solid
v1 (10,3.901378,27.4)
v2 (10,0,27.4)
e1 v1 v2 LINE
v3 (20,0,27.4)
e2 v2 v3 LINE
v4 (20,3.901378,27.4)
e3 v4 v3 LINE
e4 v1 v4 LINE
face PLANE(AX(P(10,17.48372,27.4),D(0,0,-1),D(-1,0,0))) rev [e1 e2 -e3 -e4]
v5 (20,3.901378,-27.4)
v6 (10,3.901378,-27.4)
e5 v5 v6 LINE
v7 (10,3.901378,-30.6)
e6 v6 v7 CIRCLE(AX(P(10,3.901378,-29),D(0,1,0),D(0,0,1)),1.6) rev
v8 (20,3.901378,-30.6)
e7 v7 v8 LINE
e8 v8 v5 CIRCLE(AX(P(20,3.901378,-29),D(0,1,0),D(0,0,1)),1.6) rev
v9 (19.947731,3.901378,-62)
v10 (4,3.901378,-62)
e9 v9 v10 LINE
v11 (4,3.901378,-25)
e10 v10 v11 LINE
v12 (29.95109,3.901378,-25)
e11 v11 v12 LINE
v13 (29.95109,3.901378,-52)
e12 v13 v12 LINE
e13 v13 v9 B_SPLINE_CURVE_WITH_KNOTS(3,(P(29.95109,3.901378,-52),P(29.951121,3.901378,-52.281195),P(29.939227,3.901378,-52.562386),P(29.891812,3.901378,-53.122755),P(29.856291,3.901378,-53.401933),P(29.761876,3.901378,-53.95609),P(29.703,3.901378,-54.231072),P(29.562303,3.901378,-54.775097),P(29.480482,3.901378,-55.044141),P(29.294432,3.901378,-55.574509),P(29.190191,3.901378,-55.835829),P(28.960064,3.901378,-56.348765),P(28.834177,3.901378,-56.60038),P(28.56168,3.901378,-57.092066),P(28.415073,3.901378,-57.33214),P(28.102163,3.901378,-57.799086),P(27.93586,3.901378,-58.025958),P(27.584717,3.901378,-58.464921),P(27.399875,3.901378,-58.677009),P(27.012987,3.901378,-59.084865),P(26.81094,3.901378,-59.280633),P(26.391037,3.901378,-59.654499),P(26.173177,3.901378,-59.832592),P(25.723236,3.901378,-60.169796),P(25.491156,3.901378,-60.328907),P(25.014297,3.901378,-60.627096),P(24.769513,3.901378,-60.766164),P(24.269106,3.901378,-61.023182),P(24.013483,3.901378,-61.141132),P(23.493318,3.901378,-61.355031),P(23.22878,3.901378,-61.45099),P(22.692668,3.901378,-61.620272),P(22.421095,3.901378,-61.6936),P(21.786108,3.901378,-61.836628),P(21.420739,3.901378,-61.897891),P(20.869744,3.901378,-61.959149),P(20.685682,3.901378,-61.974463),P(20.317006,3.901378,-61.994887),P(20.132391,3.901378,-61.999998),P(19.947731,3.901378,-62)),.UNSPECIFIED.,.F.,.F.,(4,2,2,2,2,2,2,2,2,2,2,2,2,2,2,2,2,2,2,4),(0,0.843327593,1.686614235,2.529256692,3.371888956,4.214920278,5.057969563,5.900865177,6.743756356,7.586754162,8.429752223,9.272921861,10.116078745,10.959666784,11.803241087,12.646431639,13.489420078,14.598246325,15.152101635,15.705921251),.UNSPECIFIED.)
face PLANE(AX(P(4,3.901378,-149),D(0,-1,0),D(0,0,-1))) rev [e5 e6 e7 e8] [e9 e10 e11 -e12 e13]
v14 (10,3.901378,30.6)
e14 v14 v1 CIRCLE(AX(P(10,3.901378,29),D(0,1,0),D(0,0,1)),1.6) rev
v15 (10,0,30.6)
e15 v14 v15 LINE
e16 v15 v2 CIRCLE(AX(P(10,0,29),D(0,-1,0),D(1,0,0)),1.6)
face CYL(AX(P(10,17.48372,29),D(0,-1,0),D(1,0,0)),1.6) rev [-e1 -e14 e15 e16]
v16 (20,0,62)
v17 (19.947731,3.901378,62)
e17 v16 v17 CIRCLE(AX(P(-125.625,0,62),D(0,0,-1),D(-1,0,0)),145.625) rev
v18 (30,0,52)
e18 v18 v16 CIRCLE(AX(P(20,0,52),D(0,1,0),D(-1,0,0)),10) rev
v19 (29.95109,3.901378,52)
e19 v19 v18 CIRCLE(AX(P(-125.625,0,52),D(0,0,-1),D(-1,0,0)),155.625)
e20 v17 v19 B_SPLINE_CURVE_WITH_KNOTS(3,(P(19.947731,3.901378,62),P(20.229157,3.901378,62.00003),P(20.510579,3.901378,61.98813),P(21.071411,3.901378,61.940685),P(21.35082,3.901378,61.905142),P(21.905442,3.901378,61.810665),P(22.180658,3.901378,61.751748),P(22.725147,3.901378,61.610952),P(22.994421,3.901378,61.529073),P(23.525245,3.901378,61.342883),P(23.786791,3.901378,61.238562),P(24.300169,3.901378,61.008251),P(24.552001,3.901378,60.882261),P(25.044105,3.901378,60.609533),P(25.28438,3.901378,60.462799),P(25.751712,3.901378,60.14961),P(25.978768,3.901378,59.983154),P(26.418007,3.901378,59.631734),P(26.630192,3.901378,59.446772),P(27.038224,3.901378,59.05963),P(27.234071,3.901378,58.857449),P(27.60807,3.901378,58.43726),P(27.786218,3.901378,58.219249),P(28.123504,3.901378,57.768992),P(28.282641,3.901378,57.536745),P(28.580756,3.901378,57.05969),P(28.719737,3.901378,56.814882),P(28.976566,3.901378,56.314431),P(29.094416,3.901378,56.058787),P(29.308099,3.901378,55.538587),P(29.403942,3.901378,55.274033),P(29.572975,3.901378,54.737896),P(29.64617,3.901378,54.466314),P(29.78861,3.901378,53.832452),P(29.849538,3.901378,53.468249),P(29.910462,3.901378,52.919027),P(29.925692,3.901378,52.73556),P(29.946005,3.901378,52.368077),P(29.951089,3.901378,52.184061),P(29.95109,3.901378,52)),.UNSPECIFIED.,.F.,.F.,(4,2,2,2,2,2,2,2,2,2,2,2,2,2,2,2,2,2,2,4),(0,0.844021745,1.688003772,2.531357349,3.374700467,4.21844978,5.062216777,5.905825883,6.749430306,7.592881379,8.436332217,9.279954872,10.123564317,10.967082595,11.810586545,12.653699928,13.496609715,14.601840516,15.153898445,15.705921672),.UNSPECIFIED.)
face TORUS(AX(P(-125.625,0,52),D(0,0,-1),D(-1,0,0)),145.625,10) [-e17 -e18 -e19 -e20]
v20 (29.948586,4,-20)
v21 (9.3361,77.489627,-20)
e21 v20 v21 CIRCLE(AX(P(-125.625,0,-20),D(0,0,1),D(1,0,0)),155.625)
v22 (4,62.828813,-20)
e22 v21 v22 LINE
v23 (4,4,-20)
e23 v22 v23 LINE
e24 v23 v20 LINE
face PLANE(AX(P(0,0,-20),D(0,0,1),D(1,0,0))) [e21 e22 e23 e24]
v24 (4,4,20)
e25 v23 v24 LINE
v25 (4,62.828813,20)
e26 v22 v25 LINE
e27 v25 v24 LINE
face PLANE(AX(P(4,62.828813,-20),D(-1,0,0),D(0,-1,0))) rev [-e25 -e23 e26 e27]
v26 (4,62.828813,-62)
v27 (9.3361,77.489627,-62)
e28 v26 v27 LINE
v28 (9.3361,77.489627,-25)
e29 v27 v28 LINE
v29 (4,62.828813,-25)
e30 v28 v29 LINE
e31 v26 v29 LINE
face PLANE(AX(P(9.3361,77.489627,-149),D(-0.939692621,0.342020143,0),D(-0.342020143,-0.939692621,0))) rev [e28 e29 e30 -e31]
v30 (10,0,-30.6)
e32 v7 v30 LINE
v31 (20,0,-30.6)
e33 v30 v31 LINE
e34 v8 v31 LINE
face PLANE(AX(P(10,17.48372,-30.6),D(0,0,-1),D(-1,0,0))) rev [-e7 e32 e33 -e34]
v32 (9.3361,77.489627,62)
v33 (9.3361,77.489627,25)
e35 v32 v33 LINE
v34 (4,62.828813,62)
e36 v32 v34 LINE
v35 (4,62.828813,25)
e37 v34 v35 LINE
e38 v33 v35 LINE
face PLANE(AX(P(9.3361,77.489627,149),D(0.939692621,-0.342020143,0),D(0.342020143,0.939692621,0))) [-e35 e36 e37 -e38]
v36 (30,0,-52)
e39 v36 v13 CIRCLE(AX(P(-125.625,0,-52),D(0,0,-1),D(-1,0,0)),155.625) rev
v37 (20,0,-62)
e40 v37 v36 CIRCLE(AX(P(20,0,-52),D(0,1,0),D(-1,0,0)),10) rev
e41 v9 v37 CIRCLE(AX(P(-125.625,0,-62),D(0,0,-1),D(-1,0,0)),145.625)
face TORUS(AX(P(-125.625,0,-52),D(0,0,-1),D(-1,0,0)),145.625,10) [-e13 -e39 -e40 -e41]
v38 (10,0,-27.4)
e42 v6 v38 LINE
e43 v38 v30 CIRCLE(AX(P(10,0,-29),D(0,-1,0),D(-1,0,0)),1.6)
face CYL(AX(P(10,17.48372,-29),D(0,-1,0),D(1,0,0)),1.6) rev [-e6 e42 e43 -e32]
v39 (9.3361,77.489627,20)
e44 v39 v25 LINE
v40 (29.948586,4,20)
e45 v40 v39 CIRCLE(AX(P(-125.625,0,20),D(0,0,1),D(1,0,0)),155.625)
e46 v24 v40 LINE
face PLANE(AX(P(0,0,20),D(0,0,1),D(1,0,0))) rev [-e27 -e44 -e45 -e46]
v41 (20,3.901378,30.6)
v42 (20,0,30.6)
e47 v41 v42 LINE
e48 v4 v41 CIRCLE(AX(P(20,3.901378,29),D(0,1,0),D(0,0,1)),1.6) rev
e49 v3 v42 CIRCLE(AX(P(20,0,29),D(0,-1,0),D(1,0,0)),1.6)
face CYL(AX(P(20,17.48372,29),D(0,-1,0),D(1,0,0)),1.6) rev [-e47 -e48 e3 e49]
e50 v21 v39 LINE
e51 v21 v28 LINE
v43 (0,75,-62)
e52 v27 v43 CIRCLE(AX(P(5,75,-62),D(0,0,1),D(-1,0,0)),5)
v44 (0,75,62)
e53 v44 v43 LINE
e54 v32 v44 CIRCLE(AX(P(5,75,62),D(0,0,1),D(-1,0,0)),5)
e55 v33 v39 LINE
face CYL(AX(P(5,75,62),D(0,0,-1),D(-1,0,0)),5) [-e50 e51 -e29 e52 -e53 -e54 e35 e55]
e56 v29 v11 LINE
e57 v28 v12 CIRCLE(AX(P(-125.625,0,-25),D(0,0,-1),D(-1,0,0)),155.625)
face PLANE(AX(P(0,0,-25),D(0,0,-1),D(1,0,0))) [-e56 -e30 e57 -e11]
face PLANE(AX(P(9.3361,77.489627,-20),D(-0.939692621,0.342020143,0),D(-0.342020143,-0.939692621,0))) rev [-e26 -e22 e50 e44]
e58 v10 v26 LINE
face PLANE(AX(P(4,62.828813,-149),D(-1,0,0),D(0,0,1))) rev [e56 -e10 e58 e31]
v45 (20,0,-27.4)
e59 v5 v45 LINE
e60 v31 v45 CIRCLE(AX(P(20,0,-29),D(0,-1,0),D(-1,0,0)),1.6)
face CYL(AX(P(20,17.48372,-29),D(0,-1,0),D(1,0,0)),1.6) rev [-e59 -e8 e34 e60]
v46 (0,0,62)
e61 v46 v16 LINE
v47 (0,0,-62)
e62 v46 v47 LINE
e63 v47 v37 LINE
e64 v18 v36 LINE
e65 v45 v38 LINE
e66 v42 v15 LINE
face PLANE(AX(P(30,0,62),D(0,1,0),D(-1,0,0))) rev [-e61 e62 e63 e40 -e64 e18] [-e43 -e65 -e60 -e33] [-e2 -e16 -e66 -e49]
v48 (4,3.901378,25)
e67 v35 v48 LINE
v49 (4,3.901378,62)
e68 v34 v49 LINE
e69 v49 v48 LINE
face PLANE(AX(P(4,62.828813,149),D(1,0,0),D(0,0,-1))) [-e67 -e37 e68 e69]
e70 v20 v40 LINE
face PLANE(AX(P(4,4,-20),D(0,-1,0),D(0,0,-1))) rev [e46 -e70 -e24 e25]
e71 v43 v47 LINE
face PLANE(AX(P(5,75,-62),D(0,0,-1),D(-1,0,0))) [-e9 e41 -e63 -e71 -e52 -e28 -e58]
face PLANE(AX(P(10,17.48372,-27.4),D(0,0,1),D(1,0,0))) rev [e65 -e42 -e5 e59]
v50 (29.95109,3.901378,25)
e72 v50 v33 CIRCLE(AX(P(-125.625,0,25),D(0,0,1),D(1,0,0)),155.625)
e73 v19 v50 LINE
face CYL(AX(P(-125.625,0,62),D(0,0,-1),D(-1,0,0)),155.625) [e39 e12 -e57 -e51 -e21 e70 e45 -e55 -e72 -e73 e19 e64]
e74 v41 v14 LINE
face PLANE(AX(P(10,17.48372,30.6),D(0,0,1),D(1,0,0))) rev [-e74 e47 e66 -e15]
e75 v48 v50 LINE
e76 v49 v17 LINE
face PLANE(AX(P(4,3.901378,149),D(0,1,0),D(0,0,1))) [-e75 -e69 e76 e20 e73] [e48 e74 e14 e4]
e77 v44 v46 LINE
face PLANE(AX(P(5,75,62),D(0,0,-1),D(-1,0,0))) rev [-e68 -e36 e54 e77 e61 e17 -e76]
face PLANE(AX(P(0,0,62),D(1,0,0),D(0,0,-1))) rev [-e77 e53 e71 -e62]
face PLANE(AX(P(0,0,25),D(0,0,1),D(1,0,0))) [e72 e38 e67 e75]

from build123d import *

# Parameters (mm, degrees)
SALIENTE_EXTRUIR1_DEPTH = 62
CORTAR_EXTRUIR1_DEPTH   = 20
CORTAR_EXTRUIR2_START   = 25
CORTAR_EXTRUIR2_DEPTH   = 124
CORTAR_EXTRUIR3_DEPTH   = 3.901378
REDONDEO1_R             = 10


with BuildPart() as part:
    # Croquis1 → Saliente-Extruir1 (new body, symmetric)
    with BuildSketch(Plane.XY):
        with BuildLine():
            Line((0, 0), (0, 75))
            ThreePointArc((0, 75), (3.711686747, 79.831174698), (9.336099585, 77.489626556))
            ThreePointArc((9.336099585, 77.489626556), (24.745312475, 40.098749993), (30, 0))
            Line((30, 0), (0, 0))
        make_face()
    extrude(amount=SALIENTE_EXTRUIR1_DEPTH, both=True)

    # Croquis3 → Cortar-Extruir1 (cut, symmetric)
    with BuildSketch(Plane.XY):
        Polygon((9.336099585, 77.489626556), (4, 62.828813438), (4, 4), (29.948585885, 4), (32.228439928, 77.489626556), align=None)
    extrude(amount=CORTAR_EXTRUIR1_DEPTH, both=True, mode=Mode.SUBTRACT)

    # Croquis4 → Cortar-Extruir2 (cut)
    with BuildSketch(Plane.XY.offset(CORTAR_EXTRUIR2_START)):
        Polygon((9.336099585, 77.489626556), (4, 62.828813438), (4, 3.901378225), (34.928853612, 3.901378225), (21.567933324, 77.489626556), align=None)
    cortar_extruir2 = extrude(amount=CORTAR_EXTRUIR2_DEPTH, mode=Mode.SUBTRACT)

    # Simetría1: Cortar-Extruir2 across plane
    add(cortar_extruir2.mirror(Plane.XY), mode=Mode.SUBTRACT)

    # Croquis5 → Cortar-Extruir3 (cut)
    with BuildSketch(Plane.XZ):
        with BuildLine():
            Line((10, 30.6), (20, 30.6))
            ThreePointArc((20, 30.6), (21.6, 29), (20, 27.4))
            Line((20, 27.4), (10, 27.4))
            ThreePointArc((10, 27.4), (8.4, 29), (10, 30.6))
        make_face()
        with BuildLine():
            Line((10, -30.6), (20, -30.6))
            ThreePointArc((20, -30.6), (21.6, -29), (20, -27.4))
            Line((20, -27.4), (10, -27.4))
            ThreePointArc((10, -27.4), (8.4, -29), (10, -30.6))
        make_face()
    extrude(amount=-CORTAR_EXTRUIR3_DEPTH, mode=Mode.SUBTRACT)

    # Redondeo1
    redondeo1_edges = [part.edges().sort_by_distance(p)[0] for p in [
        (29.987772095, 1.950842396, -62),
        (29.987772095, 1.950842396, 62),
    ]]
    fillet(redondeo1_edges, radius=REDONDEO1_R)


solid = part.part
